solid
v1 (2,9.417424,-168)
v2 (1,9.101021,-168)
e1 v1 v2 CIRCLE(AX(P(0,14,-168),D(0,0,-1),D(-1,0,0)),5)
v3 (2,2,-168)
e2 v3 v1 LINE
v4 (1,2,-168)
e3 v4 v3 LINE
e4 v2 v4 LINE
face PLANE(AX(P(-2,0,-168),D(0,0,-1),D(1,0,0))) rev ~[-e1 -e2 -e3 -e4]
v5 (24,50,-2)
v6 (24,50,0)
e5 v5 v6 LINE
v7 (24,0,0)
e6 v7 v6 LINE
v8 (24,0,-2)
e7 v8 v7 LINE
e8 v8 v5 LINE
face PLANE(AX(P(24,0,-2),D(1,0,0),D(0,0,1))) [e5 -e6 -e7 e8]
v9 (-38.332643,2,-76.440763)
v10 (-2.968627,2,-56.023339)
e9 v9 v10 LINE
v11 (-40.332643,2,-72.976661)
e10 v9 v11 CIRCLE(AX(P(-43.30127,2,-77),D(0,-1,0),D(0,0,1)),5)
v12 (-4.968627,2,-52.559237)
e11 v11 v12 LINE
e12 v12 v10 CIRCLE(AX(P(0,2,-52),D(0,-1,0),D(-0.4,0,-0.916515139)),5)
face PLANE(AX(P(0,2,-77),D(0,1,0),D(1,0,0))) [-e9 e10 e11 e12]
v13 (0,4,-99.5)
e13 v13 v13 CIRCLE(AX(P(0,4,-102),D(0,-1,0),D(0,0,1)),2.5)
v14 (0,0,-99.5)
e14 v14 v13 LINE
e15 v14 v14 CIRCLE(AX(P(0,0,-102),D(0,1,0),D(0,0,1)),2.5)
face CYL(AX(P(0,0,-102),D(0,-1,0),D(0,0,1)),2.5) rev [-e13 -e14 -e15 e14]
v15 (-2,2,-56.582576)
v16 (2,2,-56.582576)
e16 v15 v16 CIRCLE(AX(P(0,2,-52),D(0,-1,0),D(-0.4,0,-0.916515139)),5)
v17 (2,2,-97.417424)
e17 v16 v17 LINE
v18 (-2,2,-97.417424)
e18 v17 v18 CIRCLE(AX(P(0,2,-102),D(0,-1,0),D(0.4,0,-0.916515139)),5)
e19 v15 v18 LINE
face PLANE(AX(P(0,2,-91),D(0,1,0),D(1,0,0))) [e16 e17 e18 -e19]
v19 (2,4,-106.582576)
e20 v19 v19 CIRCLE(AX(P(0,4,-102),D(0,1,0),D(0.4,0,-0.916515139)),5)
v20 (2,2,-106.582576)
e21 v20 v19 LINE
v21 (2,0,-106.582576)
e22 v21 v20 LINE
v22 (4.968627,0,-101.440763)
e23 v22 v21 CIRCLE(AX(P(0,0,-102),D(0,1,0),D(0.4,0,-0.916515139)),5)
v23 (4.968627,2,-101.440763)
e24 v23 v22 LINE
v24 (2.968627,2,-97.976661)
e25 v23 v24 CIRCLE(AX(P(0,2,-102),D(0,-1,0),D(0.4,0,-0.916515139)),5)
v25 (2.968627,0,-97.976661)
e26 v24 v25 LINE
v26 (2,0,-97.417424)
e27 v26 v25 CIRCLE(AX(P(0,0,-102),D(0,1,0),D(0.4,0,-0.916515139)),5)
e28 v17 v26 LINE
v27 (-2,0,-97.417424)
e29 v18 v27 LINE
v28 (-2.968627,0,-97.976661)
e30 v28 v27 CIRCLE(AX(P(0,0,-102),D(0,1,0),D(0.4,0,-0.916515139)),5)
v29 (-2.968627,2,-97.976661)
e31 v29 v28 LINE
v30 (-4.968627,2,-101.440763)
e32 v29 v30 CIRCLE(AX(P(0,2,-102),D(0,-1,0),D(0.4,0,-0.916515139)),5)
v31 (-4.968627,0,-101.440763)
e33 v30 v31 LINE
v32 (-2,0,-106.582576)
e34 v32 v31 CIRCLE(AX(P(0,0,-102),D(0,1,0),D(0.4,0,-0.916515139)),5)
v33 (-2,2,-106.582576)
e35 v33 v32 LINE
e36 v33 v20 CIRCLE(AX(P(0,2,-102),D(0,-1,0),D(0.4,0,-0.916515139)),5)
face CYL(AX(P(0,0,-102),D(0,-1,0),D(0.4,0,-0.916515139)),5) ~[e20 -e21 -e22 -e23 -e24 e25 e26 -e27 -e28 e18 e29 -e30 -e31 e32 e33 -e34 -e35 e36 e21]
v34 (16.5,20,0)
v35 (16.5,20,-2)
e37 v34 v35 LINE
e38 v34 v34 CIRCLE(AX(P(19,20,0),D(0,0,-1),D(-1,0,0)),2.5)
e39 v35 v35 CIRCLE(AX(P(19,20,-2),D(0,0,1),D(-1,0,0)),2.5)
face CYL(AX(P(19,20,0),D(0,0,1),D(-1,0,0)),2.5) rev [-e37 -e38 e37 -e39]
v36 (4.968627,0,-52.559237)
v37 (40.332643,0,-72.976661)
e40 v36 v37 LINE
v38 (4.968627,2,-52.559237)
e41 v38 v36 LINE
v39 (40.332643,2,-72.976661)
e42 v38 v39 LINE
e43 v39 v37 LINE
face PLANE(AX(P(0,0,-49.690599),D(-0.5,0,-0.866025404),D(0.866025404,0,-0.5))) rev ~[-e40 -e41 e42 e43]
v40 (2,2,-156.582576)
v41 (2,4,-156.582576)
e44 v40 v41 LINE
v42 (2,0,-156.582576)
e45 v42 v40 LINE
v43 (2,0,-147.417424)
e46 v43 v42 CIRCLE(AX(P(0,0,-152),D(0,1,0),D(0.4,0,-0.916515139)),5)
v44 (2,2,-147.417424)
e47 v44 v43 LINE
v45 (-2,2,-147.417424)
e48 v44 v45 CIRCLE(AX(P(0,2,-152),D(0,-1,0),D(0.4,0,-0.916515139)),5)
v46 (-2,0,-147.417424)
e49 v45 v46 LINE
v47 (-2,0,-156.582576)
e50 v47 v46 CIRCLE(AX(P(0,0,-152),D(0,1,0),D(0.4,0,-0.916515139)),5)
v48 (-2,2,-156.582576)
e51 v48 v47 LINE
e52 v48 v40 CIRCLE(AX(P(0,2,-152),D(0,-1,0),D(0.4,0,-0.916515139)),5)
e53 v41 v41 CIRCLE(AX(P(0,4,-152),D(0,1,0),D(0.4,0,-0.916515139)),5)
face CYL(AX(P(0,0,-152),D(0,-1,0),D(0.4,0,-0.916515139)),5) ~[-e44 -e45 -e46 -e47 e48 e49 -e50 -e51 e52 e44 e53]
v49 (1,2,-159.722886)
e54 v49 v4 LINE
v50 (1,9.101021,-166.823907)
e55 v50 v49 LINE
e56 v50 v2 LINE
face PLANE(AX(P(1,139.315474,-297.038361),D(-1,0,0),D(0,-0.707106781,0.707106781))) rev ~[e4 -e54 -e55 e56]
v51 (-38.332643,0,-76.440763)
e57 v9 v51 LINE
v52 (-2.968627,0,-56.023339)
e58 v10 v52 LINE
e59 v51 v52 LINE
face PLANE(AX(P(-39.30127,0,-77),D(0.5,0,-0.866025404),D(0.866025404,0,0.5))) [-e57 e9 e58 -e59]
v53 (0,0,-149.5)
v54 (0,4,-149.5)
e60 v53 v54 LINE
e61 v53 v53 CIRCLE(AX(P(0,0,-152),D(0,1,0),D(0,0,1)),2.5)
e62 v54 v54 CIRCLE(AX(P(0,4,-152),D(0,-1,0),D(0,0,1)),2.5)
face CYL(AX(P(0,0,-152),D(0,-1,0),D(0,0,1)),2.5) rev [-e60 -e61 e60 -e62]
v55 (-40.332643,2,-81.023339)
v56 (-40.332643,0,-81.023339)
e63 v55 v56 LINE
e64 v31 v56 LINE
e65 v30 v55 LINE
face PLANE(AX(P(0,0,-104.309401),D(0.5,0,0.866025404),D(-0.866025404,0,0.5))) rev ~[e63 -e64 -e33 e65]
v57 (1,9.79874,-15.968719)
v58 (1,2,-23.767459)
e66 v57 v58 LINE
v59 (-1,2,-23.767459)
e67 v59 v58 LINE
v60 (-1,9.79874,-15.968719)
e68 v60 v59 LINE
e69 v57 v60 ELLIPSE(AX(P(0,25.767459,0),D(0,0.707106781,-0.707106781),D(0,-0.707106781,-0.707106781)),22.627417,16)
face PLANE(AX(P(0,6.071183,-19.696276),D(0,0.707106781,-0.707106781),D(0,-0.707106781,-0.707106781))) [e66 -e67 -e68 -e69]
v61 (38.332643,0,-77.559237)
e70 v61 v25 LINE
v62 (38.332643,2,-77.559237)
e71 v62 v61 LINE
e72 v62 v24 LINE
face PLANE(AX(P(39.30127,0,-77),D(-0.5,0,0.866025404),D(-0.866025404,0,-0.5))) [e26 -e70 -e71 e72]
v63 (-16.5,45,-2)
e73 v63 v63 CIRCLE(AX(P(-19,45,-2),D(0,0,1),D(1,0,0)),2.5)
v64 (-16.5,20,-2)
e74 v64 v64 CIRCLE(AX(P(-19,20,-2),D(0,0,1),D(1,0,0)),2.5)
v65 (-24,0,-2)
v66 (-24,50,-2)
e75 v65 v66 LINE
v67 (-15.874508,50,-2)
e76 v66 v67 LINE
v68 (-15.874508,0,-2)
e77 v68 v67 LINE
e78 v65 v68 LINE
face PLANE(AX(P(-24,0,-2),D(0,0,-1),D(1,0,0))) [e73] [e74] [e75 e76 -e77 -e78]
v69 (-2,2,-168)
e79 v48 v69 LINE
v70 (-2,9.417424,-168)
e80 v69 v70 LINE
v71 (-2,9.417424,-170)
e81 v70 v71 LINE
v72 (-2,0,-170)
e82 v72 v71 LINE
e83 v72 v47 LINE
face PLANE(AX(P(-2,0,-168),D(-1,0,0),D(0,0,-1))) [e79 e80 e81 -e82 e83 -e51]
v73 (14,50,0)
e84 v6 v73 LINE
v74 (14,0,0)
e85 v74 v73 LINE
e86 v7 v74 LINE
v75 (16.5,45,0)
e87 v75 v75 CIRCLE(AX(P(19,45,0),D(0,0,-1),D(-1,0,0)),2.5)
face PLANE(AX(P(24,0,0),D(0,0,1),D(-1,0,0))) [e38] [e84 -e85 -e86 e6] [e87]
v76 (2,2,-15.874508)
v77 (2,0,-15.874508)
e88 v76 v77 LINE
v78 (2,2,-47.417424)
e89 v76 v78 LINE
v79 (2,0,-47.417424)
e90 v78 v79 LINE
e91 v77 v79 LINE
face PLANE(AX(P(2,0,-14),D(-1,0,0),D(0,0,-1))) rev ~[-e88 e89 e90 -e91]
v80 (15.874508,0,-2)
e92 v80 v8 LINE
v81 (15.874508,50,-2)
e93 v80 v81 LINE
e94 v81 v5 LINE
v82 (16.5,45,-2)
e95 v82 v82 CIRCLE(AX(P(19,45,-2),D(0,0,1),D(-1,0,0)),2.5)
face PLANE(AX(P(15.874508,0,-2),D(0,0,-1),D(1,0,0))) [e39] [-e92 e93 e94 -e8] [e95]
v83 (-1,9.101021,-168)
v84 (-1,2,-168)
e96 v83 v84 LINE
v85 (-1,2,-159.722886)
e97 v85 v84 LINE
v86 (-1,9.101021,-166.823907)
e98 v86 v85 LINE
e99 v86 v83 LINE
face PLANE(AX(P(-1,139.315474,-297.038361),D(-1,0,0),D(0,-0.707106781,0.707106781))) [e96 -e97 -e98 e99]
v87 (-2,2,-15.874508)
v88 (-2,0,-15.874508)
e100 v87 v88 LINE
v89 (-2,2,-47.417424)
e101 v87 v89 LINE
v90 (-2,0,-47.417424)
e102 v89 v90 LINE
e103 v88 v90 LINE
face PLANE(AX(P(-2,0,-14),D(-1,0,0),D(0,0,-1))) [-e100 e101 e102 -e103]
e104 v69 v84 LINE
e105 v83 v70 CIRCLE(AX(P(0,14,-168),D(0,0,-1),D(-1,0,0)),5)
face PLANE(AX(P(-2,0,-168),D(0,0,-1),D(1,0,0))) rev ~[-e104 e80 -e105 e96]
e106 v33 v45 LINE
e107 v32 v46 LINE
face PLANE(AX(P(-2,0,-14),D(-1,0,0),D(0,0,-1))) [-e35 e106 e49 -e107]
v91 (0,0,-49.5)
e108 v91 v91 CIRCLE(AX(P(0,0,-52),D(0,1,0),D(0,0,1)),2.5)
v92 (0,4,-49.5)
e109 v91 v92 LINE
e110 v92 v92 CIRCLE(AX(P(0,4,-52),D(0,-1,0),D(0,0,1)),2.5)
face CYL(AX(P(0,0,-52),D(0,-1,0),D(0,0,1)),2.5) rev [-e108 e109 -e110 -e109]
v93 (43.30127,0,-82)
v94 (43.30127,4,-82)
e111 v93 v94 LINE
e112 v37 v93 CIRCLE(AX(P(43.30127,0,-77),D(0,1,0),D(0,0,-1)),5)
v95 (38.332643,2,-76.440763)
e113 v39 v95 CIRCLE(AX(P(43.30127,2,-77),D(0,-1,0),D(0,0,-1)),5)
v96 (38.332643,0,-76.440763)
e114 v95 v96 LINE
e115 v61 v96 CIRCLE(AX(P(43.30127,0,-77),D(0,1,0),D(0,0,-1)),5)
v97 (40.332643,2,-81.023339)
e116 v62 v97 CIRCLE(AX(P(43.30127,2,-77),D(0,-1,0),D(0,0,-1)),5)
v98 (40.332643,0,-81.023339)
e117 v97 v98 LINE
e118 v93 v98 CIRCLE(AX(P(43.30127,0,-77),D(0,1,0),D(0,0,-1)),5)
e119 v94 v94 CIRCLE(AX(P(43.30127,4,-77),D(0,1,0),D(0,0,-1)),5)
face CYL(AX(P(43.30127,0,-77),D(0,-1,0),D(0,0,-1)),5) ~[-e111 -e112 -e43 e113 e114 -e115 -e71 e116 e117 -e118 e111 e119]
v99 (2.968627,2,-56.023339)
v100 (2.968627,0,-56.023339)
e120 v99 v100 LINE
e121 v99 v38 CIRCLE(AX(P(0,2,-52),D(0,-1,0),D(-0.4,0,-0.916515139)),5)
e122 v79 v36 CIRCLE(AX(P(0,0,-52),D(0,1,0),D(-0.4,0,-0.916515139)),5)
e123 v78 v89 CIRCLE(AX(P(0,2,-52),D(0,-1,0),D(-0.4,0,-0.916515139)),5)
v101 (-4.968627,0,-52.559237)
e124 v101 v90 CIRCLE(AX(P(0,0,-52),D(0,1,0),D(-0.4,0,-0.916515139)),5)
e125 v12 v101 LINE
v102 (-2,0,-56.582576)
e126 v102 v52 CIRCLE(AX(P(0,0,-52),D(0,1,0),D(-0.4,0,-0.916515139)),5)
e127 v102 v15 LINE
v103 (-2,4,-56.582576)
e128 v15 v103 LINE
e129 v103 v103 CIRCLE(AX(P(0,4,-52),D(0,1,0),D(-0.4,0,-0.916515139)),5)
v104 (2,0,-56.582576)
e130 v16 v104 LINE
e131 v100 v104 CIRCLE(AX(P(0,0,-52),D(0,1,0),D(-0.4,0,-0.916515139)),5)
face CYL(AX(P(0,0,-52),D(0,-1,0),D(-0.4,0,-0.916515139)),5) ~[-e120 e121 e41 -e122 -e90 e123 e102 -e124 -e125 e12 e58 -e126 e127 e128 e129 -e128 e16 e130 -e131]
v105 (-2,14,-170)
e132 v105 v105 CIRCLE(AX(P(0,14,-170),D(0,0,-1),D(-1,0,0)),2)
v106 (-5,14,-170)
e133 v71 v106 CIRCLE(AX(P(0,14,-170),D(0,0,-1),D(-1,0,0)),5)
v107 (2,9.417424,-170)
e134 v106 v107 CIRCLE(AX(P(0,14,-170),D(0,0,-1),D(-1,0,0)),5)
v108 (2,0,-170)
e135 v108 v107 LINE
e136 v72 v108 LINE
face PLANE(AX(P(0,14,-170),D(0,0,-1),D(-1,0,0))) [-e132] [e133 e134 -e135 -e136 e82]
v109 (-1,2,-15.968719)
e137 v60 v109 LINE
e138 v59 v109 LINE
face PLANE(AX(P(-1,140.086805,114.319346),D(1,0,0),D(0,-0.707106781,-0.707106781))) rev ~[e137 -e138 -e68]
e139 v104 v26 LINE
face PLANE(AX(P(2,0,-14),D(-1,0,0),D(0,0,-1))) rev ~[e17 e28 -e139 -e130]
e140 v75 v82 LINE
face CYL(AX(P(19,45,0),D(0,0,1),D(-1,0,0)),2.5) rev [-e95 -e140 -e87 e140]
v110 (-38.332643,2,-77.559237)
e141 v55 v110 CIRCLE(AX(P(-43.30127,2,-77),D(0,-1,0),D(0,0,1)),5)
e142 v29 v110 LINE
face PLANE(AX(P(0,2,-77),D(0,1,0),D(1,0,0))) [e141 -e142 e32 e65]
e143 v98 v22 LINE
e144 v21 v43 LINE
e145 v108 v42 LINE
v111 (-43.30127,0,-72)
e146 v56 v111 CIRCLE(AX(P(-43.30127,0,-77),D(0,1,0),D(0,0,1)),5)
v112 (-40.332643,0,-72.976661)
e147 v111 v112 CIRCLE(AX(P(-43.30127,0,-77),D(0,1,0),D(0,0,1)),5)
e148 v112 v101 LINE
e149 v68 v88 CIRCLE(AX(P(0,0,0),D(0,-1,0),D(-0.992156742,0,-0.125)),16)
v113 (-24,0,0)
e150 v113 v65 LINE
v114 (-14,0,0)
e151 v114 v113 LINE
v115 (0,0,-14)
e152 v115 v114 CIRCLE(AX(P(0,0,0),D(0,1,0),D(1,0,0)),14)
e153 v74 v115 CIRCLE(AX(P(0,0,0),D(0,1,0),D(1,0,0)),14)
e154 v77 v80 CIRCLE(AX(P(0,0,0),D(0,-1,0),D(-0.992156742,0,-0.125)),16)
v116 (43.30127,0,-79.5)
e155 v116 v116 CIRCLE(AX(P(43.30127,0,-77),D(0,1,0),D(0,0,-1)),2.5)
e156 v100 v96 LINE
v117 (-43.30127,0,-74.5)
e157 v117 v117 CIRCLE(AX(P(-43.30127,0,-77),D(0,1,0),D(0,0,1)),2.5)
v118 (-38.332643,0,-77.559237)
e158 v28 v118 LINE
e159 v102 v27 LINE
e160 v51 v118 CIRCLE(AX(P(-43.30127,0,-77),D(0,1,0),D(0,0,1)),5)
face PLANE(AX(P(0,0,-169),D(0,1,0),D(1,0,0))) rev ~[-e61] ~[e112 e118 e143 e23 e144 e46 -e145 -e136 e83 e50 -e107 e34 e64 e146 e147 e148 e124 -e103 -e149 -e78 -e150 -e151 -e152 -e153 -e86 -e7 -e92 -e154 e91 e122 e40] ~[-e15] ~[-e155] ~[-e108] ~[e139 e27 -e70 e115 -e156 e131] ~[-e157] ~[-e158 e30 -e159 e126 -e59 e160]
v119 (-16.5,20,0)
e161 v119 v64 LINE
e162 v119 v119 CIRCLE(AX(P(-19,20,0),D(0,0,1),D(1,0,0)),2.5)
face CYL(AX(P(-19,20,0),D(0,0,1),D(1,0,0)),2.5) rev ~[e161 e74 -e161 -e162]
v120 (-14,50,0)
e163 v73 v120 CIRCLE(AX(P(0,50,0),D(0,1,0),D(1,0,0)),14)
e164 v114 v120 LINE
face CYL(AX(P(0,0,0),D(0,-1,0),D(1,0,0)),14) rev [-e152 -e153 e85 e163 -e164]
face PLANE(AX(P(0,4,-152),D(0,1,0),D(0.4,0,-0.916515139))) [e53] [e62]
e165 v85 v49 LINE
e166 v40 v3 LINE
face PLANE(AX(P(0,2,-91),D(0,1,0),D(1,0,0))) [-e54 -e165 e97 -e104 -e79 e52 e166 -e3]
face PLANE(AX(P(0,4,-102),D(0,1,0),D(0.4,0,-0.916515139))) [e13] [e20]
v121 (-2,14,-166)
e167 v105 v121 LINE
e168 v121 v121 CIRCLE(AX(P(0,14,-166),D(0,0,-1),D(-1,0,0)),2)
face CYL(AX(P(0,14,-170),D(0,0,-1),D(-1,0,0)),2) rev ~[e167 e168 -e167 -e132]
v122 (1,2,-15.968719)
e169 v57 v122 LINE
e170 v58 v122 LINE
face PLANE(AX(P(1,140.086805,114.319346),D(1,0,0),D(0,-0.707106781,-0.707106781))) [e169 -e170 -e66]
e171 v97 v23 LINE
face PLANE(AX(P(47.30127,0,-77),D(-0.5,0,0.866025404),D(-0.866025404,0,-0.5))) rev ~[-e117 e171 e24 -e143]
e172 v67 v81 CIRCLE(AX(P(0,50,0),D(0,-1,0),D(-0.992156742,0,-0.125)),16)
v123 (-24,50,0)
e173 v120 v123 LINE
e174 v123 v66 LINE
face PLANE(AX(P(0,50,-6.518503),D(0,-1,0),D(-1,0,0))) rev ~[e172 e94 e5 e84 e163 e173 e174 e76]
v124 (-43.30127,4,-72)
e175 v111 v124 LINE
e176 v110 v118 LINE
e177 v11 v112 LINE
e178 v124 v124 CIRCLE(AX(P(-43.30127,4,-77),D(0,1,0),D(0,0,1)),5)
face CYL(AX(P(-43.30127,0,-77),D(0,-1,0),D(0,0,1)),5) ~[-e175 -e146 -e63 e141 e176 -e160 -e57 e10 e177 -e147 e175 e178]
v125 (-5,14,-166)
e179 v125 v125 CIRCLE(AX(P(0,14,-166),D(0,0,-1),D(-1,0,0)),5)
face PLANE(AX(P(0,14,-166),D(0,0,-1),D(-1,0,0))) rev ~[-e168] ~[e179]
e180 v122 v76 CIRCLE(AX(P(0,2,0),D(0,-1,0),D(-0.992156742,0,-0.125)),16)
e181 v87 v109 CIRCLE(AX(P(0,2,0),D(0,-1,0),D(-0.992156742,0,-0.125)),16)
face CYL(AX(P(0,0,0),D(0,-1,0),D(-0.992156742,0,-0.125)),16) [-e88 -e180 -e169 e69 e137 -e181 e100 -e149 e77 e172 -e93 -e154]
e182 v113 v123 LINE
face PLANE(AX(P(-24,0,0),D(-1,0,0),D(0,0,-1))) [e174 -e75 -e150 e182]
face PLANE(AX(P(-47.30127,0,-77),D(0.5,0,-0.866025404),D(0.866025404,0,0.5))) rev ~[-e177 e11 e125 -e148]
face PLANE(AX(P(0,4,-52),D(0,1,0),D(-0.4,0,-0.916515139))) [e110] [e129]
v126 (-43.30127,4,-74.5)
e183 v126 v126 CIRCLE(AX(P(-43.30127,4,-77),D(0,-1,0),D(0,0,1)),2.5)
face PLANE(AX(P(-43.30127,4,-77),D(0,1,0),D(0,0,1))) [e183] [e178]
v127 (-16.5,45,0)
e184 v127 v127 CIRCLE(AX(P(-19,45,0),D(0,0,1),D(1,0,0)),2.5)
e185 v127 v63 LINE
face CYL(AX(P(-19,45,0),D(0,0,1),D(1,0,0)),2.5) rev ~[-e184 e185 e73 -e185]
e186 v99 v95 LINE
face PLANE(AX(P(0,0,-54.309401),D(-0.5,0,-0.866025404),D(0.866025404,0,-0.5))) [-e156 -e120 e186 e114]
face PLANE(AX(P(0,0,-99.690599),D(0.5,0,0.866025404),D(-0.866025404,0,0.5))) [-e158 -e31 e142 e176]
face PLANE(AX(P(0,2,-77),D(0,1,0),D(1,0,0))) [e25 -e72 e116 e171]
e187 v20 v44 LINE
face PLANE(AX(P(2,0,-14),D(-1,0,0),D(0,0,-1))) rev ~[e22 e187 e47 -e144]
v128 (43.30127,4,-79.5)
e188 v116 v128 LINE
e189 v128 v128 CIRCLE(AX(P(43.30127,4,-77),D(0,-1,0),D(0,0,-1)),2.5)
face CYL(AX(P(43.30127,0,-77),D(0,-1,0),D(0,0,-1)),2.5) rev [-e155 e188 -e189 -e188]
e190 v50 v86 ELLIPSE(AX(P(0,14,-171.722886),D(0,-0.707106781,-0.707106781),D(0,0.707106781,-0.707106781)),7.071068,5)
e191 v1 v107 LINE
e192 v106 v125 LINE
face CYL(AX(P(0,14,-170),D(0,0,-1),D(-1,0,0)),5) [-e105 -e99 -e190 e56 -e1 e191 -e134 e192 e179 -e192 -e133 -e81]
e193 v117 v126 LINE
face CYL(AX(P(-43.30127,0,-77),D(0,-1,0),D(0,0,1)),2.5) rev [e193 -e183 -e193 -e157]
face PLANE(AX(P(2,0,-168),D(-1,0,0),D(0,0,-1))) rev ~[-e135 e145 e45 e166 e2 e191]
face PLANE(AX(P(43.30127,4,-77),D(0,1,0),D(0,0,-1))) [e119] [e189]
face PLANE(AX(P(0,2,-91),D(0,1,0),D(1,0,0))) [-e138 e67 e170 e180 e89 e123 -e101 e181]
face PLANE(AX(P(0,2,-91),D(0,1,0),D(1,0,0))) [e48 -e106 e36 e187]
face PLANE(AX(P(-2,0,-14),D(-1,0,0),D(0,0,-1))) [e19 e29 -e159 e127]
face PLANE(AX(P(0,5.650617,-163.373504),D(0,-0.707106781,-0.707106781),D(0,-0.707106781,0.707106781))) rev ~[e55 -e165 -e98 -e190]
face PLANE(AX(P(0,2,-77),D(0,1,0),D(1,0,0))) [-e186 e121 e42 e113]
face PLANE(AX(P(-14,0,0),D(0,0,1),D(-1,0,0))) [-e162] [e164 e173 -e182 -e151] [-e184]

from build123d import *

# Parameters (mm, degrees)
EXTRUDE_1_DEPTH     = 50
SKETCH_2_R          = 2.5
CUT_EXTRUDE_1_DEPTH = 58.723478759
SKETCH_3_W          = 4
SKETCH_3_H          = 154
EXTRUDE_2_DEPTH     = 2
SKETCH_4_R          = 5
EXTRUDE_3_DEPTH     = 4
SKETCH_9_R          = 5
EXTRUDE_7_DEPTH     = 4
EXTRUDE_7_2_DEPTH   = 4
EXTRUDE_8_DEPTH     = 2
SKETCH_5_R          = 2.5
CUT_EXTRUDE_3_DEPTH = 182.815875825
SKETCH_11_W         = 4
SKETCH_11_H         = 2
EXTRUDE_9_DEPTH     = 10
SKETCH_12_R         = 5
EXTRUDE_10_DEPTH    = 4
CUT_EXTRUDE_4_REACH = 185.665
SKETCH_13_R         = 2
RIB_2_REACH         = 185.665
SKETCH_15_WALL_W    = 378.061306134
SKETCH_15_WALL_H    = 2
RIB_7_REACH         = 185.665
SKETCH_16_WALL_W    = 379.053421602
SKETCH_16_WALL_H    = 2


with BuildPart() as part:
    # Эскиз1 → Бобышка-Вытянуть1 (new body)
    with BuildSketch(Plane(origin=(0, 0, 0), x_dir=(1, 0, 0), z_dir=(0, 1, 0))):
        with BuildLine():
            Line((-14, 0), (-24, 0))
            Line((-24, 0), (-24, 2))
            Line((-24, 2), (-15.874507866, 2))
            ThreePointArc((-15.874507866, 2), (0, 16), (15.874507866, 2))
            Line((15.874507866, 2), (24, 2))
            Line((24, 2), (24, 0))
            Line((24, 0), (14, 0))
            ThreePointArc((14, 0), (0, 14), (-14, 0))
        make_face()
    extrude(amount=EXTRUDE_1_DEPTH)

    # Эскиз2 → Вырез-Вытянуть1 (cut, through all)
    with BuildSketch(Plane.XY):
        with Locations((-19, 45)):
            Circle(SKETCH_2_R)
        with Locations((-19, 20)):
            Circle(SKETCH_2_R)
    cut_extrude_1 = extrude(amount=-CUT_EXTRUDE_1_DEPTH, mode=Mode.SUBTRACT)

    # Зеркальное отражение1: Вырез-Вытянуть1 across plane
    add(cut_extrude_1.mirror(Plane(origin=(0, 0, 0), x_dir=(0, 0, 1), z_dir=(1, 0, 0))), mode=Mode.SUBTRACT)

    # Эскиз3 → Бобышка-Вытянуть2 (add)
    with BuildSketch(Plane(origin=(0, 0, 0), x_dir=(1, 0, 0), z_dir=(0, 1, 0))):
        with Locations((0, 91)):
            Rectangle(SKETCH_3_W, SKETCH_3_H)
    extrude(amount=EXTRUDE_2_DEPTH)

    # Эскиз4 → Бобышка-Вытянуть3 (add)
    with BuildSketch(Plane(origin=(0, 0, 0), x_dir=(1, 0, 0), z_dir=(0, 1, 0))):
        with Locations(Location((0, 52, 0), (0, 0, 113.578178478))):
            Circle(SKETCH_4_R)
        with Locations(Location((0, 102, 0), (0, 0, 66.421821522))):
            Circle(SKETCH_4_R)
        with Locations(Location((0, 152, 0), (0, 0, 66.421821522))):
            Circle(SKETCH_4_R)
    extrude(amount=EXTRUDE_3_DEPTH)



with BuildPart() as body_2:
    # Эскиз9 → Бобышка-Вытянуть7 (new body)
    with BuildSketch(Plane(origin=(0, 0, 0), x_dir=(1, 0, 0), z_dir=(0, 1, 0))):
        with Locations(Location((-43.301270189, 77, 0), (0, 0, 270))):
            Circle(SKETCH_9_R)
    extrude(amount=EXTRUDE_7_DEPTH)


with BuildPart() as body_3:
    # Эскиз9 → Extrude 7 2 (new body)
    with BuildSketch(Plane(origin=(0, 0, 0), x_dir=(1, 0, 0), z_dir=(0, 1, 0))):
        with Locations(Location((43.301270189, 77, 0), (0, 0, 90))):
            Circle(SKETCH_9_R)
    extrude(amount=EXTRUDE_7_2_DEPTH)


with BuildPart() as part_1:
    add(part.part)

    add(body_2.part)  # Бобышка-Вытянуть8 merges body 2

    add(body_3.part)  # Бобышка-Вытянуть8 merges body 3
    # Эскиз10 → Бобышка-Вытянуть8 (add)
    with BuildSketch(Plane(origin=(0, 0, 0), x_dir=(1, 0, 0), z_dir=(0, 1, 0))):
        Polygon((0, 104.309401077), (-47.301270189, 77), (0, 49.690598923), (47.301270189, 77), align=None)
        Polygon((0, 99.690598923), (-39.301270189, 77), (0, 54.309401077), (39.301270189, 77), align=None, mode=Mode.SUBTRACT)
    extrude(amount=EXTRUDE_8_DEPTH)

    # Эскиз5 → Вырез-Вытянуть3 (cut, through all)
    with BuildSketch(Plane(origin=(0, 0, 0), x_dir=(1, 0, 0), z_dir=(0, 1, 0))):
        with Locations(Location((0, 102, 0), (0, 0, 270))):
            Circle(SKETCH_5_R)
        with Locations(Location((0, 52, 0), (0, 0, 270))):
            Circle(SKETCH_5_R)
        with Locations(Location((0, 152, 0), (0, 0, 270))):
            Circle(SKETCH_5_R)
        with Locations(Location((-43.301270189, 77, 0), (0, 0, 270))):
            Circle(SKETCH_5_R)
        with Locations(Location((43.301270189, 77, 0), (0, 0, 90))):
            Circle(SKETCH_5_R)
    extrude(amount=CUT_EXTRUDE_3_DEPTH, mode=Mode.SUBTRACT)

    # Эскиз11 → Бобышка-Вытянуть9 (add)
    with BuildSketch(Plane(origin=(0, 0, 0), x_dir=(1, 0, 0), z_dir=(0, 1, 0))):
        with Locations((0, 169)):
            Rectangle(SKETCH_11_W, SKETCH_11_H)
    extrude(amount=EXTRUDE_9_DEPTH)

    # Эскиз12 → Бобышка-Вытянуть10 (add)
    with BuildSketch(Plane(origin=(0, 0, -170), x_dir=(-1, 0, 0), z_dir=(0, 0, -1))):
        with Locations((0, 14)):
            Circle(SKETCH_12_R)
    extrude(amount=-EXTRUDE_10_DEPTH)

    # Эскиз13 → Вырез-Вытянуть4 (cut, up to next)
    with BuildSketch(Plane(origin=(0, 0, -170), x_dir=(-1, 0, 0), z_dir=(0, 0, -1)), mode=Mode.PRIVATE) as cut_extrude_4_sk1:
        with Locations((0, 14)):
            Circle(SKETCH_13_R)
    cut_extrude_4_tool1 = extrude(cut_extrude_4_sk1.sketch, amount=-CUT_EXTRUDE_4_REACH, mode=Mode.PRIVATE) & part_1.part
    add(cut_extrude_4_tool1.solids().sort_by_distance((0, 14, -170))[0], mode=Mode.SUBTRACT)

    # Эскиз15 wall → Ребро2 (add, up to next)
    with BuildSketch(Plane(origin=(0, 5.650617497, -163.373503951), x_dir=(0, -0.707106781187, 0.707106781187), z_dir=(0, -0.707106781187, -0.707106781187)), mode=Mode.PRIVATE) as rib_2_sk1:
        Rectangle(SKETCH_15_WALL_W, SKETCH_15_WALL_H)
    rib_2_tool1 = extrude(rib_2_sk1.sketch, amount=RIB_2_REACH, mode=Mode.PRIVATE) - part_1.part
    add(rib_2_tool1.solids().sort_by_distance((0, 5.650617497, -163.373503951))[0])

    # Эскиз16 wall → Ребро7 (add, up to next)
    with BuildSketch(Plane(origin=(0, 6.071182812, -19.696276491), x_dir=(0, -0.707106781187, -0.707106781187), z_dir=(0, 0.707106781187, -0.707106781187)), mode=Mode.PRIVATE) as rib_7_sk1:
        Rectangle(SKETCH_16_WALL_W, SKETCH_16_WALL_H)
    rib_7_tool1 = extrude(rib_7_sk1.sketch, amount=-RIB_7_REACH, mode=Mode.PRIVATE) - part_1.part
    add(rib_7_tool1.solids().sort_by_distance((0, 6.071182812, -19.696276491))[0])


solid = part_1.part
